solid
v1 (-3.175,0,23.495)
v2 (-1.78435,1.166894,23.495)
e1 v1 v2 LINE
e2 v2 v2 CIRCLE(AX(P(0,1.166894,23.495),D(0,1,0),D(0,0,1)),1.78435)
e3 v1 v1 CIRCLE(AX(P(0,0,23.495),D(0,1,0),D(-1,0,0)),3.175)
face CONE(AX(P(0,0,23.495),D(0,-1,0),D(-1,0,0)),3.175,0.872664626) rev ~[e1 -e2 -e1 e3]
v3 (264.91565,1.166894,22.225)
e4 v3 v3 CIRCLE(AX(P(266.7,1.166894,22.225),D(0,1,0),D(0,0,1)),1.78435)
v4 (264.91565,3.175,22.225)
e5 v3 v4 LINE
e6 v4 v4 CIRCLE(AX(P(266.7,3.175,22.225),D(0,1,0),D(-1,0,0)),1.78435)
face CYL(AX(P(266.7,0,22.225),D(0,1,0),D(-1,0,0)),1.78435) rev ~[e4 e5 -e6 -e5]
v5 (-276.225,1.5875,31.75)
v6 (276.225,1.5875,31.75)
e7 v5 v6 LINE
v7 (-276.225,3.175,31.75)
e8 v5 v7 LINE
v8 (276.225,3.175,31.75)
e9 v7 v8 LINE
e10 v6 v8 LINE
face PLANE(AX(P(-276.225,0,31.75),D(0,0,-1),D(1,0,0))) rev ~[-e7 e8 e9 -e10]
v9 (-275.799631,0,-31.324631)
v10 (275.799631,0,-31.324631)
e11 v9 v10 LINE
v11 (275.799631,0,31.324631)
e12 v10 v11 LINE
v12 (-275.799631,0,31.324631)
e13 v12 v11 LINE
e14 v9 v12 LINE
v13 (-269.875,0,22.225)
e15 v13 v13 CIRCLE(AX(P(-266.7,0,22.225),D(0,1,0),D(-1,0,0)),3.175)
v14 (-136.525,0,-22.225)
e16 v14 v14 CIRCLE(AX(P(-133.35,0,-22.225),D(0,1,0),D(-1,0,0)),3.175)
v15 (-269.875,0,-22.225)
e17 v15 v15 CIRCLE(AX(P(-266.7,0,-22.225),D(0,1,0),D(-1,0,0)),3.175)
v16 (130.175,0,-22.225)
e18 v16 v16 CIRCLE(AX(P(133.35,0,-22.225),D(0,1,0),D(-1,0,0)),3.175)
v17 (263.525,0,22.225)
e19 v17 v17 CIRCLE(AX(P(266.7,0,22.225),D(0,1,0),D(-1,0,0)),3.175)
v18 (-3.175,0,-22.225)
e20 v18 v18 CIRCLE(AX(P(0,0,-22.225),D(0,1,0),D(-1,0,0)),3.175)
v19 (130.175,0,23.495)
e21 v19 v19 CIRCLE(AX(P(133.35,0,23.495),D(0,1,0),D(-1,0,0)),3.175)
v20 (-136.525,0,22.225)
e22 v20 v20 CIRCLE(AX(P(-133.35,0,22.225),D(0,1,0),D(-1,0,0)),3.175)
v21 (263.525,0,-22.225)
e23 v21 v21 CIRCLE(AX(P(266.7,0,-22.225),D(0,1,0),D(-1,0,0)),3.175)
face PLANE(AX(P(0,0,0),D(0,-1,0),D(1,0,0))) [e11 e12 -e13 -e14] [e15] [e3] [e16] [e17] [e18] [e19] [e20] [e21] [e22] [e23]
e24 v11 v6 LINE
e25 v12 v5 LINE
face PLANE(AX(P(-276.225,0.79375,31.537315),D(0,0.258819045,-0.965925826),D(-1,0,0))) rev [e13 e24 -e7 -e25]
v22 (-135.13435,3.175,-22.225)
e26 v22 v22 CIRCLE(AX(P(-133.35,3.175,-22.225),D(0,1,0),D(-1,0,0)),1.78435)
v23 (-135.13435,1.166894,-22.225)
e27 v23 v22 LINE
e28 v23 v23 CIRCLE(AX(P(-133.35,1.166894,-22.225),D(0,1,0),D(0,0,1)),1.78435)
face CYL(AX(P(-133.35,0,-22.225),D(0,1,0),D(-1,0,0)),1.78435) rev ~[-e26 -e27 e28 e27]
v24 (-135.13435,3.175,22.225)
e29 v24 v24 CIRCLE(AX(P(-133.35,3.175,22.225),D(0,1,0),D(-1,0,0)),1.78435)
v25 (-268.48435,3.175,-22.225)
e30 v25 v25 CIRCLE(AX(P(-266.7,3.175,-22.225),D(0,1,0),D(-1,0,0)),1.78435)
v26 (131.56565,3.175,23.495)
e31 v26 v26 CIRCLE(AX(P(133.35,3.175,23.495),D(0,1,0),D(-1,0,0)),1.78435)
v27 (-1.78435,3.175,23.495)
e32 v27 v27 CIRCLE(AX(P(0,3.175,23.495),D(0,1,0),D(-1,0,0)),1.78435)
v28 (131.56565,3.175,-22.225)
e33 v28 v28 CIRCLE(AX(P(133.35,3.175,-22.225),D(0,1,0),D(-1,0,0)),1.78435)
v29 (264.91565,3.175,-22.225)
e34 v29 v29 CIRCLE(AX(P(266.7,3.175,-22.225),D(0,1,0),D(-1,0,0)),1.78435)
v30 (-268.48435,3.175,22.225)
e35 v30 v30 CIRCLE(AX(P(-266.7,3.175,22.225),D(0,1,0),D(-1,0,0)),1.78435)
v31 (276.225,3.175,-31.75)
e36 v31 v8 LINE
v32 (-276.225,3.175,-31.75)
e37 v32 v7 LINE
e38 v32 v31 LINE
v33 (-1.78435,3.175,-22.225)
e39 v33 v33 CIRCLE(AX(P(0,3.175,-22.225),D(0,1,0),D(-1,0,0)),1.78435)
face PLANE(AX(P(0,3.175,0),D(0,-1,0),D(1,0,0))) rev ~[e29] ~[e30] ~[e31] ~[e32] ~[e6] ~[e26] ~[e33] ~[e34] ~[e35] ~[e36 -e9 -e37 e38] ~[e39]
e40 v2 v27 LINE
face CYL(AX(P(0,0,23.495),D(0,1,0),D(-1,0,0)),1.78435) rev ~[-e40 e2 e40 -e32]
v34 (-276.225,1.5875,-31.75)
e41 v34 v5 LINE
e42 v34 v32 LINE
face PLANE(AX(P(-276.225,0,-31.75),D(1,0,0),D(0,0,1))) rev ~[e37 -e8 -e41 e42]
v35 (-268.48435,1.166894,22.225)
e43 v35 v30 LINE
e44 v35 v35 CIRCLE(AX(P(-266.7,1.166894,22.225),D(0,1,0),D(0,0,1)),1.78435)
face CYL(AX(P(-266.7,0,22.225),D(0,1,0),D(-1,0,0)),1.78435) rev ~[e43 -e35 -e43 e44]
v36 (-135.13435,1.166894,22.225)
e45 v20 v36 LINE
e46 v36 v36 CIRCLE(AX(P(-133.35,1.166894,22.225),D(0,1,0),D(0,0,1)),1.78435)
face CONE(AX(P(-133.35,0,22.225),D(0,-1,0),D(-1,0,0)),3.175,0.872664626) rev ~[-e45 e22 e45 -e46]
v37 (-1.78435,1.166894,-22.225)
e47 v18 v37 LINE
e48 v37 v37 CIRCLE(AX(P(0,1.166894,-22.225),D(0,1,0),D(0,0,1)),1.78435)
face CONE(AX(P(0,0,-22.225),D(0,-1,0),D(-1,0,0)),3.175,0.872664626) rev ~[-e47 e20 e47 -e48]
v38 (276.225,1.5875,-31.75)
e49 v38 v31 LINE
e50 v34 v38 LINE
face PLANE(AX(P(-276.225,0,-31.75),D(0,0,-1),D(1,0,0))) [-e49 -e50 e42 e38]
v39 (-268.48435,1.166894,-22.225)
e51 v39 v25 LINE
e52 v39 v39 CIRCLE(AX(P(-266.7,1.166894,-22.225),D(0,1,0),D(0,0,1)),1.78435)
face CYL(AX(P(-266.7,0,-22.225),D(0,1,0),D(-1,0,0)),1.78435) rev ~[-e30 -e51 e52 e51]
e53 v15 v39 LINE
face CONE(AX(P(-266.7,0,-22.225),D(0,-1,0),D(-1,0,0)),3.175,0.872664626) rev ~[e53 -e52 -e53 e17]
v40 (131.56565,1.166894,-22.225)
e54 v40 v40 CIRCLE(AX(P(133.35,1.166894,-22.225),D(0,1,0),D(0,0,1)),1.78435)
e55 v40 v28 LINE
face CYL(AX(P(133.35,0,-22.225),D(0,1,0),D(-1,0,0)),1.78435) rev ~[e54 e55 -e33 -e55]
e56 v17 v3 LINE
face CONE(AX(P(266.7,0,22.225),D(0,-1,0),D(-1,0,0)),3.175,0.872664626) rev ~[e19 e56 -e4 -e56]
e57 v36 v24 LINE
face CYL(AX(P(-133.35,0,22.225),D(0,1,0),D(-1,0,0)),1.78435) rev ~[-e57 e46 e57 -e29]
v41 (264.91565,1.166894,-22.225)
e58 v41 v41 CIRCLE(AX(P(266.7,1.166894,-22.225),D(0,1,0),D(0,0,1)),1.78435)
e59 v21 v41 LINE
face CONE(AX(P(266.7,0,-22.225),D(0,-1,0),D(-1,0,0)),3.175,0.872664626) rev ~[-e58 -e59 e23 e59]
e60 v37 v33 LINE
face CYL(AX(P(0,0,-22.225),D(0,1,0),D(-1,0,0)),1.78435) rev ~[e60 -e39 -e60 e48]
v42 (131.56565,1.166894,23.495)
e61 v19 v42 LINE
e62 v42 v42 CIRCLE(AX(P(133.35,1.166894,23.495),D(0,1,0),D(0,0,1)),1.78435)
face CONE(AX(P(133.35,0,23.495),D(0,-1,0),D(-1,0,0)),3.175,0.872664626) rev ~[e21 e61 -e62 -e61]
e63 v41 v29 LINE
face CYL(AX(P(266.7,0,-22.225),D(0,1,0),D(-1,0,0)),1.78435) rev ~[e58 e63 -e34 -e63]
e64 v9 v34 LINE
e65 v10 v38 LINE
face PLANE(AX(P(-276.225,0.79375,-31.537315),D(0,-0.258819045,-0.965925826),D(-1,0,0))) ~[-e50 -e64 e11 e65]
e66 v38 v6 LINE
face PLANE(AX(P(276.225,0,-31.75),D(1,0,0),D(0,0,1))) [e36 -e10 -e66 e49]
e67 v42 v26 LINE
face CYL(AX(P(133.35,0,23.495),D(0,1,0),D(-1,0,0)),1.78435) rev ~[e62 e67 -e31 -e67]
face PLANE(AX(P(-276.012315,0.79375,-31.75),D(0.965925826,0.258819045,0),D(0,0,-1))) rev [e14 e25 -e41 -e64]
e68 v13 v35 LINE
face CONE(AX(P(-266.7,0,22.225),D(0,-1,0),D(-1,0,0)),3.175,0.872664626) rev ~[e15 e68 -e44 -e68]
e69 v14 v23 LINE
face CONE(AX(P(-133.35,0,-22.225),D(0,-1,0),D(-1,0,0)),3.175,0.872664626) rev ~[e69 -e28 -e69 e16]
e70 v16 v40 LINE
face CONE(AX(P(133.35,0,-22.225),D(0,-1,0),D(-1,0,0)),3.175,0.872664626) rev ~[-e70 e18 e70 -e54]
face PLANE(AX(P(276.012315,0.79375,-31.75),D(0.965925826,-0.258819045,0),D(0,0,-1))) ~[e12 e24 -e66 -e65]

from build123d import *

# Parameters (mm, degrees)
F0_W           = 552.45
F0_H           = 63.5
F0_R           = 1.63195
F1_DEPTH       = 3.175
F3_D           = 3.5687
F3_CSINK_D     = 6.35
F3_CSINK_ANGLE = 100
F4_SIZE2       = 1.5875
F4_SIZE        = 0.425369343


with BuildPart() as f1:
    # F0 (on Front) → F1 (new body)
    with BuildSketch(Plane.XZ):
        Rectangle(F0_W, F0_H)
        with Locations((-266.7, -22.225)):
            Circle(F0_R, mode=Mode.SUBTRACT)
        with Locations((-131.445, -22.225)):
            Circle(F0_R, mode=Mode.SUBTRACT)
        with Locations((0, -22.225)):
            Circle(F0_R, mode=Mode.SUBTRACT)
        with Locations((130.175, -22.225)):
            Circle(F0_R, mode=Mode.SUBTRACT)
        with Locations((266.7, -22.225)):
            Circle(F0_R, mode=Mode.SUBTRACT)
        with Locations((-266.7, 22.225)):
            Circle(F0_R, mode=Mode.SUBTRACT)
        with Locations((-131.445, 22.225)):
            Circle(F0_R, mode=Mode.SUBTRACT)
        with Locations((0, 23.495)):
            Circle(F0_R, mode=Mode.SUBTRACT)
        with Locations((130.175, 23.495)):
            Circle(F0_R, mode=Mode.SUBTRACT)
        with Locations((266.7, 22.225)):
            Circle(F0_R, mode=Mode.SUBTRACT)
        with Locations((-266.7, 22.225)):
            Circle(F0_R)
        with Locations((-131.445, 22.225)):
            Circle(F0_R)
        with Locations((0, 23.495)):
            Circle(F0_R)
        with Locations((130.175, 23.495)):
            Circle(F0_R)
        with Locations((266.7, 22.225)):
            Circle(F0_R)
        with Locations((-266.7, -22.225)):
            Circle(F0_R)
        with Locations((-131.445, -22.225)):
            Circle(F0_R)
        with Locations((0, -22.225)):
            Circle(F0_R)
        with Locations((130.175, -22.225)):
            Circle(F0_R)
        with Locations((266.7, -22.225)):
            Circle(F0_R)
    extrude(amount=-F1_DEPTH)

    # F3 (through all)
    with Locations(Plane.XZ):
        with Locations((-266.7, 22.225), (-133.35, 22.225), (0, 23.495), (-266.7, -22.225), (-133.35, -22.225), (0, -22.225), (133.35, 23.495), (133.35, -22.225), (266.7, -22.225), (266.7, 22.225)):
            CounterSinkHole(F3_D / 2, F3_CSINK_D / 2, counter_sink_angle=F3_CSINK_ANGLE)

    # F4
    f4_edges = [f1.edges().sort_by_distance(p)[0] for p in [
        (0, 0, 31.75),
        (276.225, 0, 0),
        (0, 0, -31.75),
        (-276.225, 0, 0),
    ]]
    f4_side = f1.faces().sort_by_distance((0, 0, -0.002312))[0]
    chamfer(f4_edges, length=F4_SIZE, length2=F4_SIZE2, reference=f4_side)


solid = f1.part
